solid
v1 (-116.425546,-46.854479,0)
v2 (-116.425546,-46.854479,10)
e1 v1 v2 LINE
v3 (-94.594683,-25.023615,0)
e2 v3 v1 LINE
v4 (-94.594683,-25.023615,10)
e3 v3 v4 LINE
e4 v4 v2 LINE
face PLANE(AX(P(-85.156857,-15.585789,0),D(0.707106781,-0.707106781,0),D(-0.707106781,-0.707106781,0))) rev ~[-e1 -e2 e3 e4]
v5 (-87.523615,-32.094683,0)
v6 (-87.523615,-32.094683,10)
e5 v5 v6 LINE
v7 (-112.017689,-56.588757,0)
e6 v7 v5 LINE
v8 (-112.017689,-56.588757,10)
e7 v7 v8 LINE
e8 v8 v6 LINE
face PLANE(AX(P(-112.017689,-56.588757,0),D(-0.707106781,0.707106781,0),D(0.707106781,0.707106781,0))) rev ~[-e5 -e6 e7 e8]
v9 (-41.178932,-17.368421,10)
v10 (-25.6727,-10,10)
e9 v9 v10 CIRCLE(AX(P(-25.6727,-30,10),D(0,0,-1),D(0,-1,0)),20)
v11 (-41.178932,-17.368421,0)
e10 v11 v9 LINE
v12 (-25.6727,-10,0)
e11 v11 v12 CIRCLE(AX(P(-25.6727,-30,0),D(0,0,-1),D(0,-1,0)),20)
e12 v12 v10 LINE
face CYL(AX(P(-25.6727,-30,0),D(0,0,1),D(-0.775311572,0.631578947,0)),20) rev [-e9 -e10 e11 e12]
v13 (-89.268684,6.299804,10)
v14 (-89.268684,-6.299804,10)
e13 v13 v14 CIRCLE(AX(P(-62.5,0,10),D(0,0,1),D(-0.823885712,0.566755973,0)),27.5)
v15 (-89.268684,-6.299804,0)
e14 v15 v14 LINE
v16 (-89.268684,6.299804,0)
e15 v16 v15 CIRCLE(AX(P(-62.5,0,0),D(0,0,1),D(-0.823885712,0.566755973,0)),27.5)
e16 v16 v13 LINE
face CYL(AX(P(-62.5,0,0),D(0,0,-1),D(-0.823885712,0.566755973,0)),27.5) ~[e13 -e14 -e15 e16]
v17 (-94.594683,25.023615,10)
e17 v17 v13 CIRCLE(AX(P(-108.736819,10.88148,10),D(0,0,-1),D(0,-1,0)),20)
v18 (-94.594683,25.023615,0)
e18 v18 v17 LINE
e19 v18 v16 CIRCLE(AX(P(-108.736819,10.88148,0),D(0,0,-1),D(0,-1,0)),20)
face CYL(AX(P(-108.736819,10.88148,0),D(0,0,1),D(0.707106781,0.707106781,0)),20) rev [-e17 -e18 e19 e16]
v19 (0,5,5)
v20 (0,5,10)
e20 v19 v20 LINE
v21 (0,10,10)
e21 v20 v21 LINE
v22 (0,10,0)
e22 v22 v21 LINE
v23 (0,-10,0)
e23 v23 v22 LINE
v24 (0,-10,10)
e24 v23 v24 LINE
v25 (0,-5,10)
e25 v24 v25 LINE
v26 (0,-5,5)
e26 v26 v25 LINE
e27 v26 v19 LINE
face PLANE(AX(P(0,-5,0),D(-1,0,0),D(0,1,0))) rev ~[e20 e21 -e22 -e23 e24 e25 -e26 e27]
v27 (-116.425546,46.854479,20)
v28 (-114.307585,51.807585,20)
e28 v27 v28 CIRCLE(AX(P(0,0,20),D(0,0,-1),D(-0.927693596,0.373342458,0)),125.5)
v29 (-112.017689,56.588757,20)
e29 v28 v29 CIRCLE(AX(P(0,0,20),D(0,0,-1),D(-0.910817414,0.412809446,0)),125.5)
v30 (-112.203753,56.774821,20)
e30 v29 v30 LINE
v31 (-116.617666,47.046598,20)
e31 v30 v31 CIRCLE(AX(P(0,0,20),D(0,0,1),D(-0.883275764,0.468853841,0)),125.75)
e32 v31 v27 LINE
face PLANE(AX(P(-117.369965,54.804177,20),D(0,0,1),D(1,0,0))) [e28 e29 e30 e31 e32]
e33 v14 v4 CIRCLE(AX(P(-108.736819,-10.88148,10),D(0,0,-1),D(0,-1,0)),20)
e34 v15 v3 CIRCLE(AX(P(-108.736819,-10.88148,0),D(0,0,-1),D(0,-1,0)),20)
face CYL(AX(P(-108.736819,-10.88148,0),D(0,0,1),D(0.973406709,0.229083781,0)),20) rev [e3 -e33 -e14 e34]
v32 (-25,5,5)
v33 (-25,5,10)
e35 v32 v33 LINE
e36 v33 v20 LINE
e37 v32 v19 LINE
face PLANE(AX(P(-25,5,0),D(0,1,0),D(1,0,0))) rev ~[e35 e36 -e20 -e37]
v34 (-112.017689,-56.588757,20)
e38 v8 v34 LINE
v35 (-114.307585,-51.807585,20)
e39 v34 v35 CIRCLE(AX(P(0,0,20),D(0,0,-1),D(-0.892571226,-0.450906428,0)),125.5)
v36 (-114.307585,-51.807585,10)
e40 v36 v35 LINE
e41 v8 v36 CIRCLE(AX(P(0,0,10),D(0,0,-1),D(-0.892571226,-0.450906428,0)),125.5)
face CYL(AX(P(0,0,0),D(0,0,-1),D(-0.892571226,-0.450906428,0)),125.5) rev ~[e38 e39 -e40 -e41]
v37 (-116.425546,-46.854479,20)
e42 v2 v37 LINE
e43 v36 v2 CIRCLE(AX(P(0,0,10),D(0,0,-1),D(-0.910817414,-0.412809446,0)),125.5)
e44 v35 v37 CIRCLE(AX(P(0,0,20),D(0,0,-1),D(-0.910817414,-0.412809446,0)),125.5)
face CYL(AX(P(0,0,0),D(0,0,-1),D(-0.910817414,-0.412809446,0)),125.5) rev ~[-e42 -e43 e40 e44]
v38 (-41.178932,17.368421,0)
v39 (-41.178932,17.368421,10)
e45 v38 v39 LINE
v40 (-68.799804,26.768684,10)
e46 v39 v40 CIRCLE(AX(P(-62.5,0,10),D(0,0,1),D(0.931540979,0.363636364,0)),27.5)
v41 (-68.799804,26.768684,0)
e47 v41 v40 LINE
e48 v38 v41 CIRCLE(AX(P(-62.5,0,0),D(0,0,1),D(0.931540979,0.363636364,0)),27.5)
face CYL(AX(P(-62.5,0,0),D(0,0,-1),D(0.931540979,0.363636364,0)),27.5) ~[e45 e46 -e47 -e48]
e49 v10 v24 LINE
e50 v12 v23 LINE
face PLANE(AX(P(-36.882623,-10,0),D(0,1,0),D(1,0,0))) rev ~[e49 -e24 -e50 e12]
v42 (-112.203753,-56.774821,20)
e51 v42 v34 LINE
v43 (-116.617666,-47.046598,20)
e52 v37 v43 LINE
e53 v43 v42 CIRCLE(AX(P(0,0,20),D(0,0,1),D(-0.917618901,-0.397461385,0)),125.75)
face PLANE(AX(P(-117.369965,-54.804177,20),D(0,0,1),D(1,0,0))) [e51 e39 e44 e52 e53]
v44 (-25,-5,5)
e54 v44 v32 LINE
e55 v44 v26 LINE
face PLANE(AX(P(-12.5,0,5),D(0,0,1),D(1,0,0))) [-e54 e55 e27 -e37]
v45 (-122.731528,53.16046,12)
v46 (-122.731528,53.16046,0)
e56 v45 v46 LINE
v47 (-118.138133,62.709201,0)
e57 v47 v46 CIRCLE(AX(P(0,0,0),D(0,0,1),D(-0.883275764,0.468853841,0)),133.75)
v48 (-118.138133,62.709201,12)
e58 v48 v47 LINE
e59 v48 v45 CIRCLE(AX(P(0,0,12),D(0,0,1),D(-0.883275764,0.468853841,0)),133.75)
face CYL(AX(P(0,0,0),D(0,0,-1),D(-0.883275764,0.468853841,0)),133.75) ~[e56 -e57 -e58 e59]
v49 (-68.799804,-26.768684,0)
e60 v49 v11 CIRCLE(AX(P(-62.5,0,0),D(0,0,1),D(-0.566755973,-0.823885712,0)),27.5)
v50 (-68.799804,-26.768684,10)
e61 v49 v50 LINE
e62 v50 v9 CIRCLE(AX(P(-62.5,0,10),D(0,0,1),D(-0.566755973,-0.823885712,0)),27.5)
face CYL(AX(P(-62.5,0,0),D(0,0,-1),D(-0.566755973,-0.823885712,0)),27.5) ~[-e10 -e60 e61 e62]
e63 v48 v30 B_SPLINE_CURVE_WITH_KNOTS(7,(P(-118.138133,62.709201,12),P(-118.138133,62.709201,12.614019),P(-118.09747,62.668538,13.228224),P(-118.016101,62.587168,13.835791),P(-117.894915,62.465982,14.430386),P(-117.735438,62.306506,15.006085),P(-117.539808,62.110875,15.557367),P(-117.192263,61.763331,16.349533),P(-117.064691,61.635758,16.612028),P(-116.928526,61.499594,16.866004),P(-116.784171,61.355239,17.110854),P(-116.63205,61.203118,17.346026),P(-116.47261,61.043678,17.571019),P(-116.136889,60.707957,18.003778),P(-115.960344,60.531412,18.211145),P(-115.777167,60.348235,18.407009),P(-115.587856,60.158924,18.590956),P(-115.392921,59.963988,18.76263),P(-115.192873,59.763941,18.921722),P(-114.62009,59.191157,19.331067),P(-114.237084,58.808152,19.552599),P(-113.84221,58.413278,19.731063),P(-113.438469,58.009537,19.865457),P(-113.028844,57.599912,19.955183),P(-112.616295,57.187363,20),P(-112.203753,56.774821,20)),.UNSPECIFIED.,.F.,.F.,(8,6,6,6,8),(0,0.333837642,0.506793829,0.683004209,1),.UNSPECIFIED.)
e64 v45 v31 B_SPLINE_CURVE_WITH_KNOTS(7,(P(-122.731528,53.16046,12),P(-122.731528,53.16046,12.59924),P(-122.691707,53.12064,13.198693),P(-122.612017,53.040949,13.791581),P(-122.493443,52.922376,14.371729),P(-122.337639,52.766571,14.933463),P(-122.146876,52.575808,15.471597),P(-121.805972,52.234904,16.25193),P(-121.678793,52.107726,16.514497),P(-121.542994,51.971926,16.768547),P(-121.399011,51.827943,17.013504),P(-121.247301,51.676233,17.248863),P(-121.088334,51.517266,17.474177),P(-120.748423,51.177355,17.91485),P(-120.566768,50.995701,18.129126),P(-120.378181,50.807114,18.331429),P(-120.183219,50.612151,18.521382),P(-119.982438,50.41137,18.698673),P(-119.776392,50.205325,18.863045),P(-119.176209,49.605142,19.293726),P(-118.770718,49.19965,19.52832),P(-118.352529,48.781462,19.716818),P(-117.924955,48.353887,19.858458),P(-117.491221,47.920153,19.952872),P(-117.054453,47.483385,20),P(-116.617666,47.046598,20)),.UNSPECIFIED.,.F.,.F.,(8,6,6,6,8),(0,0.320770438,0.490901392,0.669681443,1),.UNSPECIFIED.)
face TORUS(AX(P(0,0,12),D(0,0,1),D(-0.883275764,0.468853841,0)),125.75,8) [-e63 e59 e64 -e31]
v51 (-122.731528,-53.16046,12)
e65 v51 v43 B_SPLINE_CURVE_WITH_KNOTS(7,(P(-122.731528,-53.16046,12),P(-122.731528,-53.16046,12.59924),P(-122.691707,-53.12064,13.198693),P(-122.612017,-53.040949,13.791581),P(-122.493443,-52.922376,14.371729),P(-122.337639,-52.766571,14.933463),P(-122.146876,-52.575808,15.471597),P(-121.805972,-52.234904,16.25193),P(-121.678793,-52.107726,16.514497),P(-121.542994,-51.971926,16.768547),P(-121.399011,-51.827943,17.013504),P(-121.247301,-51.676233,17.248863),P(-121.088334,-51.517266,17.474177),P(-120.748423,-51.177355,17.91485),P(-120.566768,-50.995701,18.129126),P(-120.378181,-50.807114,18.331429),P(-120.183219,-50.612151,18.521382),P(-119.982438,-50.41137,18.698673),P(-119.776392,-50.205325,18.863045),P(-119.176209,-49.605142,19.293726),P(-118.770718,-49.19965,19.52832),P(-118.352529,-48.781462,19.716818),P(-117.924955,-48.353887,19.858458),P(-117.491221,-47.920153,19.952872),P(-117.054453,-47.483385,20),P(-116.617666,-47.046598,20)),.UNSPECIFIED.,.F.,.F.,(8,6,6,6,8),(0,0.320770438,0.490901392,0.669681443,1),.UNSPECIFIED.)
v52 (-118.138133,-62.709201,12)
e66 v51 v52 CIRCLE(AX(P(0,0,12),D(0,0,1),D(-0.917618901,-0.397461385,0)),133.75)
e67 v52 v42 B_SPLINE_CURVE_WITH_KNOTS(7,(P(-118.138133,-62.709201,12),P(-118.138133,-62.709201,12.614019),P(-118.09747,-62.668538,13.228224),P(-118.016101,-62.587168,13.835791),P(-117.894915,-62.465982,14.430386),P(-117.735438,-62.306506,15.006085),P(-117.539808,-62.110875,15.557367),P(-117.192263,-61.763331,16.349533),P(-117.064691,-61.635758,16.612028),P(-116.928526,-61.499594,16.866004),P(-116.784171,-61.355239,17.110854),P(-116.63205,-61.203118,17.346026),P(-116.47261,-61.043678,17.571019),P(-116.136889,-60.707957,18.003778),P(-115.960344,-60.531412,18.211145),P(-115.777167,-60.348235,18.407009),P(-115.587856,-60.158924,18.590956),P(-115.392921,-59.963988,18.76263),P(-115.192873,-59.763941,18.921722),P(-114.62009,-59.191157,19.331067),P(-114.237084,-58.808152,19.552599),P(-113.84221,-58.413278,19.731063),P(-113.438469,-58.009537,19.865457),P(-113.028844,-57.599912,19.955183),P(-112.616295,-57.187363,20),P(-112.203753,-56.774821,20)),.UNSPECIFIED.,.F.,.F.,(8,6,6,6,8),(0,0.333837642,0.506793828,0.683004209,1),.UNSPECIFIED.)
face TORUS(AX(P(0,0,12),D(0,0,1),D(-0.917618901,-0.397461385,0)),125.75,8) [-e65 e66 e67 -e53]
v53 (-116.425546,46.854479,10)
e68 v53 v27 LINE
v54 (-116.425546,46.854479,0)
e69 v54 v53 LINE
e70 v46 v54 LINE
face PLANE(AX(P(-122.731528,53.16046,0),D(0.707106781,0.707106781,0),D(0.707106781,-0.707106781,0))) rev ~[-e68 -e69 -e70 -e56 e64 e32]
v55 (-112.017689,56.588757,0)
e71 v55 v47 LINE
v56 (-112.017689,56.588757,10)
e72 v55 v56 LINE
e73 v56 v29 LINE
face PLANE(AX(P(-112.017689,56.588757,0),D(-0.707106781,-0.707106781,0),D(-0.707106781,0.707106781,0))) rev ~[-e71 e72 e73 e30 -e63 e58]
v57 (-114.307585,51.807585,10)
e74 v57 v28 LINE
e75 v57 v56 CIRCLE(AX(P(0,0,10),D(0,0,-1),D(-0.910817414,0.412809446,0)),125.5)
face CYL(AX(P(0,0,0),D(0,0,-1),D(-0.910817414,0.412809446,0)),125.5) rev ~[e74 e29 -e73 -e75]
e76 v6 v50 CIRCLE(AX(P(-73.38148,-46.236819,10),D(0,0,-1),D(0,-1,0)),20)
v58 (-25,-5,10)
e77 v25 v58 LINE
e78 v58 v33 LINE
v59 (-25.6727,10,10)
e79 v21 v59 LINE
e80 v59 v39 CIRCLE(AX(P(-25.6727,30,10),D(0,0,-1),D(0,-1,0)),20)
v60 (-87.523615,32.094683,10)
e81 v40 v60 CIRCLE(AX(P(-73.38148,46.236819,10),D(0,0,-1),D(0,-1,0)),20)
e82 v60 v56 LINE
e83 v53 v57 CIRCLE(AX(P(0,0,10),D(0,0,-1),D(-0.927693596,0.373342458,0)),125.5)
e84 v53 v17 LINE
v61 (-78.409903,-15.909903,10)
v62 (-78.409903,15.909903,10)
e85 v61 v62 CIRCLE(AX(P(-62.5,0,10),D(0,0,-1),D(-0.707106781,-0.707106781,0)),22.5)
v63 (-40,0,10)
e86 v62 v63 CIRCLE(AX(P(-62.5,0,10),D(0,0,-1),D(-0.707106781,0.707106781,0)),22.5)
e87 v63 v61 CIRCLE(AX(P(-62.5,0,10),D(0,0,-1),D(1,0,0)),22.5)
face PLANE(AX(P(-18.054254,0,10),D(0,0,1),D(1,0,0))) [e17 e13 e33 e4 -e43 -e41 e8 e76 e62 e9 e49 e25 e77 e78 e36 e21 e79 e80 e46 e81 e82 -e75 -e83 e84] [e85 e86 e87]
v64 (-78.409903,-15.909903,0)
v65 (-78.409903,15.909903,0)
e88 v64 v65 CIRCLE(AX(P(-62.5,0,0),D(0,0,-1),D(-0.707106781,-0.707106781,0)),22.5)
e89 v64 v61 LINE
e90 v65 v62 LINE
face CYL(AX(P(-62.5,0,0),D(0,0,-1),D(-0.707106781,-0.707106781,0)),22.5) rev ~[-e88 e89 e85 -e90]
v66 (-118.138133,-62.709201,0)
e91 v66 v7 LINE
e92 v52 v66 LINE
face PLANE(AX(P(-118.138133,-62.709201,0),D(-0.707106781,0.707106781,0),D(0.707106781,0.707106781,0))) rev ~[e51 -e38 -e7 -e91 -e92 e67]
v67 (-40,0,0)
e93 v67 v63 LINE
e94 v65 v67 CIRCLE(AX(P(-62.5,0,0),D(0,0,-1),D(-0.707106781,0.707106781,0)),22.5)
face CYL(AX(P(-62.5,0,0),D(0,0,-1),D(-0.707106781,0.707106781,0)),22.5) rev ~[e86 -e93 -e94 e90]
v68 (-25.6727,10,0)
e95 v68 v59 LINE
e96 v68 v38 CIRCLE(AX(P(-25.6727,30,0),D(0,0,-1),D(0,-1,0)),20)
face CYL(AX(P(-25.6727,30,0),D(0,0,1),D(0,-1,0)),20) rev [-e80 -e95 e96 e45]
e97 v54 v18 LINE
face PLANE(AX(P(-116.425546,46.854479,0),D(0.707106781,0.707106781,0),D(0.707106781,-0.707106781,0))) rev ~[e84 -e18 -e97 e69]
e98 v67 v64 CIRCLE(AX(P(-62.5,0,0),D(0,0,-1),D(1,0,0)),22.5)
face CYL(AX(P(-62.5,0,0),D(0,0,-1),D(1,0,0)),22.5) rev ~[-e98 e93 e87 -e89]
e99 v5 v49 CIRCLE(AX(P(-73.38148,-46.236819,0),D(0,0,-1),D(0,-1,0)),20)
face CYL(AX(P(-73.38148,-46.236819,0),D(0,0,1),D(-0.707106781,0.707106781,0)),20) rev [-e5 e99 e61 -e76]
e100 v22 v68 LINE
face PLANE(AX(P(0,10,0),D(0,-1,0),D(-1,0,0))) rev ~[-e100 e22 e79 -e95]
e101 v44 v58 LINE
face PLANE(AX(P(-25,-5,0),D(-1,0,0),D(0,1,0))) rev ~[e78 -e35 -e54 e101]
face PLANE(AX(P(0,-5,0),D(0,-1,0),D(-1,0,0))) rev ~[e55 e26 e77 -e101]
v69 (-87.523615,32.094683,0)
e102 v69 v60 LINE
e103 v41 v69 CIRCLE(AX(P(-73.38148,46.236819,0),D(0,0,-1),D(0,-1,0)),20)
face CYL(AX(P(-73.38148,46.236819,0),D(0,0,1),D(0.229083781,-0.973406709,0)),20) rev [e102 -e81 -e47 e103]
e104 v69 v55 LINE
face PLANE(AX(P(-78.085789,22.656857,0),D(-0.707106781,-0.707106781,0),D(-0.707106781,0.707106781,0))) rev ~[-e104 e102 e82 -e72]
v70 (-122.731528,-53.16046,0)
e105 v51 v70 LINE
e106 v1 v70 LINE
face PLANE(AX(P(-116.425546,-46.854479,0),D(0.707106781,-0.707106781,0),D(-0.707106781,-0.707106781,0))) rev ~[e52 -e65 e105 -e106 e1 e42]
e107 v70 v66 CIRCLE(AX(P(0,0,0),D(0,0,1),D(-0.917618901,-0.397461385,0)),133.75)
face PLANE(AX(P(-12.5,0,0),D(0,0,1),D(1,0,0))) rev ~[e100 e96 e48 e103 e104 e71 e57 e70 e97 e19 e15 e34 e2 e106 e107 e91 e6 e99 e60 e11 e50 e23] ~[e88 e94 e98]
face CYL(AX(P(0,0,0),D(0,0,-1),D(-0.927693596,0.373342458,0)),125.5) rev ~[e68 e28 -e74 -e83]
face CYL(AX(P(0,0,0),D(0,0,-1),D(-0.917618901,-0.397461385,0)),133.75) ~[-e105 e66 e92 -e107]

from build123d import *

# Parameters (mm, degrees)
F1_DEPTH = 10
F2_R     = 20
F3_DEPTH = 20
F0_W     = 25
F0_H     = 10
F4_DEPTH = 5
F5_R     = 8


with BuildPart() as f1:
    # F0 (on Top) → F1 (new body)
    with BuildSketch(Plane.XY):
        with BuildLine():
            Line((0, 10), (-36.8826230851, 10))
            ThreePointArc((-36.8826230851, 10), (-35.4747537924, 5.0878352391), (-35, 0))
            ThreePointArc((-35, 0), (-35.4747537924, -5.0878352391), (-36.8826230851, -10))
            Line((-36.8826230851, -10), (0, -10))
            Line((0, -10), (0, -5))
            Line((0, -5), (-25, -5))
            Line((-25, -5), (-25, 5))
            Line((-25, 5), (0, 5))
            Line((0, 5), (0, 10))
        make_face()
        with BuildLine():
            Line((-114.3075854453, 51.8075854453), (-81.9454364826, 19.4454364826))
            ThreePointArc((-81.9454364826, 19.4454364826), (-80.0890590993, 21.1394181566), (-78.08578927, 22.6568570819))
            Line((-78.08578927, 22.6568570819), (-112.0176888624, 56.5887566742))
            ThreePointArc((-112.0176888624, 56.5887566742), (-113.1878851609, 54.2102633531), (-114.3075854453, 51.8075854453))
        make_face()
        with BuildLine():
            ThreePointArc((-85.1568570819, 15.58578927), (-83.6394181566, 17.5890590993), (-81.9454364826, 19.4454364826))
            Line((-81.9454364826, 19.4454364826), (-114.3075854453, 51.8075854453))
            ThreePointArc((-114.3075854453, 51.8075854453), (-115.3931446982, 49.3423971515), (-116.4255463439, 46.8544785321))
            Line((-116.4255463439, 46.8544785321), (-85.1568570819, 15.58578927))
        make_face()
        with BuildLine():
            ThreePointArc((-78.4099025767, 15.9099025767), (-53.8896227718, 20.7872894815), (-40, 0))
            ThreePointArc((-40, 0), (-53.8896227718, -20.7872894815), (-78.4099025767, -15.9099025767))
            Line((-78.4099025767, -15.9099025767), (-81.9454364826, -19.4454364826))
            ThreePointArc((-81.9454364826, -19.4454364826), (-80.0890590993, -21.1394181566), (-78.08578927, -22.6568570819))
            ThreePointArc((-78.08578927, -22.6568570819), (-54.424902758, -26.2876930242), (-36.8826230851, -10))
            ThreePointArc((-36.8826230851, -10), (-35.4747537924, -5.0878352391), (-35, 0))
            ThreePointArc((-35, 0), (-35.4747537924, 5.0878352391), (-36.8826230851, 10))
            ThreePointArc((-36.8826230851, 10), (-54.424902758, 26.2876930242), (-78.08578927, 22.6568570819))
            ThreePointArc((-78.08578927, 22.6568570819), (-80.0890590993, 21.1394181566), (-81.9454364826, 19.4454364826))
            Line((-81.9454364826, 19.4454364826), (-78.4099025767, 15.9099025767))
        make_face()
        with BuildLine():
            ThreePointArc((-78.4099025767, -15.9099025767), (-85, 0), (-78.4099025767, 15.9099025767))
            Line((-78.4099025767, 15.9099025767), (-81.9454364826, 19.4454364826))
            ThreePointArc((-81.9454364826, 19.4454364826), (-83.6394181566, 17.5890590993), (-85.1568570819, 15.58578927))
            ThreePointArc((-85.1568570819, 15.58578927), (-90, 0), (-85.1568570819, -15.58578927))
            ThreePointArc((-85.1568570819, -15.58578927), (-83.6394181566, -17.5890590993), (-81.9454364826, -19.4454364826))
            Line((-81.9454364826, -19.4454364826), (-78.4099025767, -15.9099025767))
        make_face()
        with BuildLine():
            Line((-114.3075854453, -51.8075854453), (-81.9454364826, -19.4454364826))
            ThreePointArc((-81.9454364826, -19.4454364826), (-83.6394181566, -17.5890590993), (-85.1568570819, -15.58578927))
            Line((-85.1568570819, -15.58578927), (-116.4255463439, -46.8544785321))
            ThreePointArc((-116.4255463439, -46.8544785321), (-115.3931446982, -49.3423971515), (-114.3075854453, -51.8075854453))
        make_face()
        with BuildLine():
            ThreePointArc((-78.08578927, -22.6568570819), (-80.0890590993, -21.1394181566), (-81.9454364826, -19.4454364826))
            Line((-81.9454364826, -19.4454364826), (-114.3075854453, -51.8075854453))
            ThreePointArc((-114.3075854453, -51.8075854453), (-113.1878851609, -54.2102633531), (-112.0176888624, -56.5887566742))
            Line((-112.0176888624, -56.5887566742), (-78.08578927, -22.6568570819))
        make_face()
        with BuildLine():
            ThreePointArc((-112.0176888624, -56.5887566742), (-113.1878851609, -54.2102633531), (-114.3075854453, -51.8075854453))
            ThreePointArc((-114.3075854453, -51.8075854453), (-115.3931446982, -49.3423971515), (-116.4255463439, -46.8544785321))
            Line((-116.4255463439, -46.8544785321), (-122.731528021, -53.1604602091))
            ThreePointArc((-122.731528021, -53.1604602091), (-120.5294282278, -57.98033659), (-118.1381334557, -62.7092012675))
            Line((-118.1381334557, -62.7092012675), (-112.0176888624, -56.5887566742))
        make_face()
        with BuildLine():
            ThreePointArc((-116.4255463439, 46.8544785321), (-115.3931446982, 49.3423971515), (-114.3075854453, 51.8075854453))
            ThreePointArc((-114.3075854453, 51.8075854453), (-113.1878851609, 54.2102633531), (-112.0176888624, 56.5887566742))
            Line((-112.0176888624, 56.5887566742), (-118.1381334557, 62.7092012675))
            ThreePointArc((-118.1381334557, 62.7092012675), (-120.5294282278, 57.98033659), (-122.731528021, 53.1604602091))
            Line((-122.731528021, 53.1604602091), (-116.4255463439, 46.8544785321))
        make_face()
    extrude(amount=F1_DEPTH)

    # F2
    f2_edges = [f1.edges().sort_by_distance(p)[0] for p in [
        (-78.085789, -22.656857, 5),
        (-36.882623, -10, 5),
        (-36.882623, 10, 5),
        (-78.085789, 22.656857, 5),
        (-85.156857, -15.585789, 5),
        (-85.156857, 15.585789, 5),
    ]]
    fillet(f2_edges, radius=F2_R)

    # F0 (on Top) → F3 (join)
    with BuildSketch(Plane.XY):
        with BuildLine():
            ThreePointArc((-116.4255463439, 46.8544785321), (-115.3931446982, 49.3423971515), (-114.3075854453, 51.8075854453))
            ThreePointArc((-114.3075854453, 51.8075854453), (-113.1878851609, 54.2102633531), (-112.0176888624, 56.5887566742))
            Line((-112.0176888624, 56.5887566742), (-118.1381334557, 62.7092012675))
            ThreePointArc((-118.1381334557, 62.7092012675), (-120.5294282278, 57.98033659), (-122.731528021, 53.1604602091))
            Line((-122.731528021, 53.1604602091), (-116.4255463439, 46.8544785321))
        make_face()
        with BuildLine():
            ThreePointArc((-112.0176888624, -56.5887566742), (-113.1878851609, -54.2102633531), (-114.3075854453, -51.8075854453))
            ThreePointArc((-114.3075854453, -51.8075854453), (-115.3931446982, -49.3423971515), (-116.4255463439, -46.8544785321))
            Line((-116.4255463439, -46.8544785321), (-122.731528021, -53.1604602091))
            ThreePointArc((-122.731528021, -53.1604602091), (-120.5294282278, -57.98033659), (-118.1381334557, -62.7092012675))
            Line((-118.1381334557, -62.7092012675), (-112.0176888624, -56.5887566742))
        make_face()
    extrude(amount=F3_DEPTH)

    # F0 (on Top) → F4 (join)
    with BuildSketch(Plane.XY):
        with Locations((-12.5, 0)):
            Rectangle(F0_W, F0_H)
    extrude(amount=F4_DEPTH)

    # F5
    f5_edges = [f1.edges().sort_by_distance(p)[0] for p in [
        (-120.529428, -57.980337, 20),
        (-120.529428, 57.980337, 20),
    ]]
    fillet(f5_edges, radius=F5_R)


solid = f1.part
